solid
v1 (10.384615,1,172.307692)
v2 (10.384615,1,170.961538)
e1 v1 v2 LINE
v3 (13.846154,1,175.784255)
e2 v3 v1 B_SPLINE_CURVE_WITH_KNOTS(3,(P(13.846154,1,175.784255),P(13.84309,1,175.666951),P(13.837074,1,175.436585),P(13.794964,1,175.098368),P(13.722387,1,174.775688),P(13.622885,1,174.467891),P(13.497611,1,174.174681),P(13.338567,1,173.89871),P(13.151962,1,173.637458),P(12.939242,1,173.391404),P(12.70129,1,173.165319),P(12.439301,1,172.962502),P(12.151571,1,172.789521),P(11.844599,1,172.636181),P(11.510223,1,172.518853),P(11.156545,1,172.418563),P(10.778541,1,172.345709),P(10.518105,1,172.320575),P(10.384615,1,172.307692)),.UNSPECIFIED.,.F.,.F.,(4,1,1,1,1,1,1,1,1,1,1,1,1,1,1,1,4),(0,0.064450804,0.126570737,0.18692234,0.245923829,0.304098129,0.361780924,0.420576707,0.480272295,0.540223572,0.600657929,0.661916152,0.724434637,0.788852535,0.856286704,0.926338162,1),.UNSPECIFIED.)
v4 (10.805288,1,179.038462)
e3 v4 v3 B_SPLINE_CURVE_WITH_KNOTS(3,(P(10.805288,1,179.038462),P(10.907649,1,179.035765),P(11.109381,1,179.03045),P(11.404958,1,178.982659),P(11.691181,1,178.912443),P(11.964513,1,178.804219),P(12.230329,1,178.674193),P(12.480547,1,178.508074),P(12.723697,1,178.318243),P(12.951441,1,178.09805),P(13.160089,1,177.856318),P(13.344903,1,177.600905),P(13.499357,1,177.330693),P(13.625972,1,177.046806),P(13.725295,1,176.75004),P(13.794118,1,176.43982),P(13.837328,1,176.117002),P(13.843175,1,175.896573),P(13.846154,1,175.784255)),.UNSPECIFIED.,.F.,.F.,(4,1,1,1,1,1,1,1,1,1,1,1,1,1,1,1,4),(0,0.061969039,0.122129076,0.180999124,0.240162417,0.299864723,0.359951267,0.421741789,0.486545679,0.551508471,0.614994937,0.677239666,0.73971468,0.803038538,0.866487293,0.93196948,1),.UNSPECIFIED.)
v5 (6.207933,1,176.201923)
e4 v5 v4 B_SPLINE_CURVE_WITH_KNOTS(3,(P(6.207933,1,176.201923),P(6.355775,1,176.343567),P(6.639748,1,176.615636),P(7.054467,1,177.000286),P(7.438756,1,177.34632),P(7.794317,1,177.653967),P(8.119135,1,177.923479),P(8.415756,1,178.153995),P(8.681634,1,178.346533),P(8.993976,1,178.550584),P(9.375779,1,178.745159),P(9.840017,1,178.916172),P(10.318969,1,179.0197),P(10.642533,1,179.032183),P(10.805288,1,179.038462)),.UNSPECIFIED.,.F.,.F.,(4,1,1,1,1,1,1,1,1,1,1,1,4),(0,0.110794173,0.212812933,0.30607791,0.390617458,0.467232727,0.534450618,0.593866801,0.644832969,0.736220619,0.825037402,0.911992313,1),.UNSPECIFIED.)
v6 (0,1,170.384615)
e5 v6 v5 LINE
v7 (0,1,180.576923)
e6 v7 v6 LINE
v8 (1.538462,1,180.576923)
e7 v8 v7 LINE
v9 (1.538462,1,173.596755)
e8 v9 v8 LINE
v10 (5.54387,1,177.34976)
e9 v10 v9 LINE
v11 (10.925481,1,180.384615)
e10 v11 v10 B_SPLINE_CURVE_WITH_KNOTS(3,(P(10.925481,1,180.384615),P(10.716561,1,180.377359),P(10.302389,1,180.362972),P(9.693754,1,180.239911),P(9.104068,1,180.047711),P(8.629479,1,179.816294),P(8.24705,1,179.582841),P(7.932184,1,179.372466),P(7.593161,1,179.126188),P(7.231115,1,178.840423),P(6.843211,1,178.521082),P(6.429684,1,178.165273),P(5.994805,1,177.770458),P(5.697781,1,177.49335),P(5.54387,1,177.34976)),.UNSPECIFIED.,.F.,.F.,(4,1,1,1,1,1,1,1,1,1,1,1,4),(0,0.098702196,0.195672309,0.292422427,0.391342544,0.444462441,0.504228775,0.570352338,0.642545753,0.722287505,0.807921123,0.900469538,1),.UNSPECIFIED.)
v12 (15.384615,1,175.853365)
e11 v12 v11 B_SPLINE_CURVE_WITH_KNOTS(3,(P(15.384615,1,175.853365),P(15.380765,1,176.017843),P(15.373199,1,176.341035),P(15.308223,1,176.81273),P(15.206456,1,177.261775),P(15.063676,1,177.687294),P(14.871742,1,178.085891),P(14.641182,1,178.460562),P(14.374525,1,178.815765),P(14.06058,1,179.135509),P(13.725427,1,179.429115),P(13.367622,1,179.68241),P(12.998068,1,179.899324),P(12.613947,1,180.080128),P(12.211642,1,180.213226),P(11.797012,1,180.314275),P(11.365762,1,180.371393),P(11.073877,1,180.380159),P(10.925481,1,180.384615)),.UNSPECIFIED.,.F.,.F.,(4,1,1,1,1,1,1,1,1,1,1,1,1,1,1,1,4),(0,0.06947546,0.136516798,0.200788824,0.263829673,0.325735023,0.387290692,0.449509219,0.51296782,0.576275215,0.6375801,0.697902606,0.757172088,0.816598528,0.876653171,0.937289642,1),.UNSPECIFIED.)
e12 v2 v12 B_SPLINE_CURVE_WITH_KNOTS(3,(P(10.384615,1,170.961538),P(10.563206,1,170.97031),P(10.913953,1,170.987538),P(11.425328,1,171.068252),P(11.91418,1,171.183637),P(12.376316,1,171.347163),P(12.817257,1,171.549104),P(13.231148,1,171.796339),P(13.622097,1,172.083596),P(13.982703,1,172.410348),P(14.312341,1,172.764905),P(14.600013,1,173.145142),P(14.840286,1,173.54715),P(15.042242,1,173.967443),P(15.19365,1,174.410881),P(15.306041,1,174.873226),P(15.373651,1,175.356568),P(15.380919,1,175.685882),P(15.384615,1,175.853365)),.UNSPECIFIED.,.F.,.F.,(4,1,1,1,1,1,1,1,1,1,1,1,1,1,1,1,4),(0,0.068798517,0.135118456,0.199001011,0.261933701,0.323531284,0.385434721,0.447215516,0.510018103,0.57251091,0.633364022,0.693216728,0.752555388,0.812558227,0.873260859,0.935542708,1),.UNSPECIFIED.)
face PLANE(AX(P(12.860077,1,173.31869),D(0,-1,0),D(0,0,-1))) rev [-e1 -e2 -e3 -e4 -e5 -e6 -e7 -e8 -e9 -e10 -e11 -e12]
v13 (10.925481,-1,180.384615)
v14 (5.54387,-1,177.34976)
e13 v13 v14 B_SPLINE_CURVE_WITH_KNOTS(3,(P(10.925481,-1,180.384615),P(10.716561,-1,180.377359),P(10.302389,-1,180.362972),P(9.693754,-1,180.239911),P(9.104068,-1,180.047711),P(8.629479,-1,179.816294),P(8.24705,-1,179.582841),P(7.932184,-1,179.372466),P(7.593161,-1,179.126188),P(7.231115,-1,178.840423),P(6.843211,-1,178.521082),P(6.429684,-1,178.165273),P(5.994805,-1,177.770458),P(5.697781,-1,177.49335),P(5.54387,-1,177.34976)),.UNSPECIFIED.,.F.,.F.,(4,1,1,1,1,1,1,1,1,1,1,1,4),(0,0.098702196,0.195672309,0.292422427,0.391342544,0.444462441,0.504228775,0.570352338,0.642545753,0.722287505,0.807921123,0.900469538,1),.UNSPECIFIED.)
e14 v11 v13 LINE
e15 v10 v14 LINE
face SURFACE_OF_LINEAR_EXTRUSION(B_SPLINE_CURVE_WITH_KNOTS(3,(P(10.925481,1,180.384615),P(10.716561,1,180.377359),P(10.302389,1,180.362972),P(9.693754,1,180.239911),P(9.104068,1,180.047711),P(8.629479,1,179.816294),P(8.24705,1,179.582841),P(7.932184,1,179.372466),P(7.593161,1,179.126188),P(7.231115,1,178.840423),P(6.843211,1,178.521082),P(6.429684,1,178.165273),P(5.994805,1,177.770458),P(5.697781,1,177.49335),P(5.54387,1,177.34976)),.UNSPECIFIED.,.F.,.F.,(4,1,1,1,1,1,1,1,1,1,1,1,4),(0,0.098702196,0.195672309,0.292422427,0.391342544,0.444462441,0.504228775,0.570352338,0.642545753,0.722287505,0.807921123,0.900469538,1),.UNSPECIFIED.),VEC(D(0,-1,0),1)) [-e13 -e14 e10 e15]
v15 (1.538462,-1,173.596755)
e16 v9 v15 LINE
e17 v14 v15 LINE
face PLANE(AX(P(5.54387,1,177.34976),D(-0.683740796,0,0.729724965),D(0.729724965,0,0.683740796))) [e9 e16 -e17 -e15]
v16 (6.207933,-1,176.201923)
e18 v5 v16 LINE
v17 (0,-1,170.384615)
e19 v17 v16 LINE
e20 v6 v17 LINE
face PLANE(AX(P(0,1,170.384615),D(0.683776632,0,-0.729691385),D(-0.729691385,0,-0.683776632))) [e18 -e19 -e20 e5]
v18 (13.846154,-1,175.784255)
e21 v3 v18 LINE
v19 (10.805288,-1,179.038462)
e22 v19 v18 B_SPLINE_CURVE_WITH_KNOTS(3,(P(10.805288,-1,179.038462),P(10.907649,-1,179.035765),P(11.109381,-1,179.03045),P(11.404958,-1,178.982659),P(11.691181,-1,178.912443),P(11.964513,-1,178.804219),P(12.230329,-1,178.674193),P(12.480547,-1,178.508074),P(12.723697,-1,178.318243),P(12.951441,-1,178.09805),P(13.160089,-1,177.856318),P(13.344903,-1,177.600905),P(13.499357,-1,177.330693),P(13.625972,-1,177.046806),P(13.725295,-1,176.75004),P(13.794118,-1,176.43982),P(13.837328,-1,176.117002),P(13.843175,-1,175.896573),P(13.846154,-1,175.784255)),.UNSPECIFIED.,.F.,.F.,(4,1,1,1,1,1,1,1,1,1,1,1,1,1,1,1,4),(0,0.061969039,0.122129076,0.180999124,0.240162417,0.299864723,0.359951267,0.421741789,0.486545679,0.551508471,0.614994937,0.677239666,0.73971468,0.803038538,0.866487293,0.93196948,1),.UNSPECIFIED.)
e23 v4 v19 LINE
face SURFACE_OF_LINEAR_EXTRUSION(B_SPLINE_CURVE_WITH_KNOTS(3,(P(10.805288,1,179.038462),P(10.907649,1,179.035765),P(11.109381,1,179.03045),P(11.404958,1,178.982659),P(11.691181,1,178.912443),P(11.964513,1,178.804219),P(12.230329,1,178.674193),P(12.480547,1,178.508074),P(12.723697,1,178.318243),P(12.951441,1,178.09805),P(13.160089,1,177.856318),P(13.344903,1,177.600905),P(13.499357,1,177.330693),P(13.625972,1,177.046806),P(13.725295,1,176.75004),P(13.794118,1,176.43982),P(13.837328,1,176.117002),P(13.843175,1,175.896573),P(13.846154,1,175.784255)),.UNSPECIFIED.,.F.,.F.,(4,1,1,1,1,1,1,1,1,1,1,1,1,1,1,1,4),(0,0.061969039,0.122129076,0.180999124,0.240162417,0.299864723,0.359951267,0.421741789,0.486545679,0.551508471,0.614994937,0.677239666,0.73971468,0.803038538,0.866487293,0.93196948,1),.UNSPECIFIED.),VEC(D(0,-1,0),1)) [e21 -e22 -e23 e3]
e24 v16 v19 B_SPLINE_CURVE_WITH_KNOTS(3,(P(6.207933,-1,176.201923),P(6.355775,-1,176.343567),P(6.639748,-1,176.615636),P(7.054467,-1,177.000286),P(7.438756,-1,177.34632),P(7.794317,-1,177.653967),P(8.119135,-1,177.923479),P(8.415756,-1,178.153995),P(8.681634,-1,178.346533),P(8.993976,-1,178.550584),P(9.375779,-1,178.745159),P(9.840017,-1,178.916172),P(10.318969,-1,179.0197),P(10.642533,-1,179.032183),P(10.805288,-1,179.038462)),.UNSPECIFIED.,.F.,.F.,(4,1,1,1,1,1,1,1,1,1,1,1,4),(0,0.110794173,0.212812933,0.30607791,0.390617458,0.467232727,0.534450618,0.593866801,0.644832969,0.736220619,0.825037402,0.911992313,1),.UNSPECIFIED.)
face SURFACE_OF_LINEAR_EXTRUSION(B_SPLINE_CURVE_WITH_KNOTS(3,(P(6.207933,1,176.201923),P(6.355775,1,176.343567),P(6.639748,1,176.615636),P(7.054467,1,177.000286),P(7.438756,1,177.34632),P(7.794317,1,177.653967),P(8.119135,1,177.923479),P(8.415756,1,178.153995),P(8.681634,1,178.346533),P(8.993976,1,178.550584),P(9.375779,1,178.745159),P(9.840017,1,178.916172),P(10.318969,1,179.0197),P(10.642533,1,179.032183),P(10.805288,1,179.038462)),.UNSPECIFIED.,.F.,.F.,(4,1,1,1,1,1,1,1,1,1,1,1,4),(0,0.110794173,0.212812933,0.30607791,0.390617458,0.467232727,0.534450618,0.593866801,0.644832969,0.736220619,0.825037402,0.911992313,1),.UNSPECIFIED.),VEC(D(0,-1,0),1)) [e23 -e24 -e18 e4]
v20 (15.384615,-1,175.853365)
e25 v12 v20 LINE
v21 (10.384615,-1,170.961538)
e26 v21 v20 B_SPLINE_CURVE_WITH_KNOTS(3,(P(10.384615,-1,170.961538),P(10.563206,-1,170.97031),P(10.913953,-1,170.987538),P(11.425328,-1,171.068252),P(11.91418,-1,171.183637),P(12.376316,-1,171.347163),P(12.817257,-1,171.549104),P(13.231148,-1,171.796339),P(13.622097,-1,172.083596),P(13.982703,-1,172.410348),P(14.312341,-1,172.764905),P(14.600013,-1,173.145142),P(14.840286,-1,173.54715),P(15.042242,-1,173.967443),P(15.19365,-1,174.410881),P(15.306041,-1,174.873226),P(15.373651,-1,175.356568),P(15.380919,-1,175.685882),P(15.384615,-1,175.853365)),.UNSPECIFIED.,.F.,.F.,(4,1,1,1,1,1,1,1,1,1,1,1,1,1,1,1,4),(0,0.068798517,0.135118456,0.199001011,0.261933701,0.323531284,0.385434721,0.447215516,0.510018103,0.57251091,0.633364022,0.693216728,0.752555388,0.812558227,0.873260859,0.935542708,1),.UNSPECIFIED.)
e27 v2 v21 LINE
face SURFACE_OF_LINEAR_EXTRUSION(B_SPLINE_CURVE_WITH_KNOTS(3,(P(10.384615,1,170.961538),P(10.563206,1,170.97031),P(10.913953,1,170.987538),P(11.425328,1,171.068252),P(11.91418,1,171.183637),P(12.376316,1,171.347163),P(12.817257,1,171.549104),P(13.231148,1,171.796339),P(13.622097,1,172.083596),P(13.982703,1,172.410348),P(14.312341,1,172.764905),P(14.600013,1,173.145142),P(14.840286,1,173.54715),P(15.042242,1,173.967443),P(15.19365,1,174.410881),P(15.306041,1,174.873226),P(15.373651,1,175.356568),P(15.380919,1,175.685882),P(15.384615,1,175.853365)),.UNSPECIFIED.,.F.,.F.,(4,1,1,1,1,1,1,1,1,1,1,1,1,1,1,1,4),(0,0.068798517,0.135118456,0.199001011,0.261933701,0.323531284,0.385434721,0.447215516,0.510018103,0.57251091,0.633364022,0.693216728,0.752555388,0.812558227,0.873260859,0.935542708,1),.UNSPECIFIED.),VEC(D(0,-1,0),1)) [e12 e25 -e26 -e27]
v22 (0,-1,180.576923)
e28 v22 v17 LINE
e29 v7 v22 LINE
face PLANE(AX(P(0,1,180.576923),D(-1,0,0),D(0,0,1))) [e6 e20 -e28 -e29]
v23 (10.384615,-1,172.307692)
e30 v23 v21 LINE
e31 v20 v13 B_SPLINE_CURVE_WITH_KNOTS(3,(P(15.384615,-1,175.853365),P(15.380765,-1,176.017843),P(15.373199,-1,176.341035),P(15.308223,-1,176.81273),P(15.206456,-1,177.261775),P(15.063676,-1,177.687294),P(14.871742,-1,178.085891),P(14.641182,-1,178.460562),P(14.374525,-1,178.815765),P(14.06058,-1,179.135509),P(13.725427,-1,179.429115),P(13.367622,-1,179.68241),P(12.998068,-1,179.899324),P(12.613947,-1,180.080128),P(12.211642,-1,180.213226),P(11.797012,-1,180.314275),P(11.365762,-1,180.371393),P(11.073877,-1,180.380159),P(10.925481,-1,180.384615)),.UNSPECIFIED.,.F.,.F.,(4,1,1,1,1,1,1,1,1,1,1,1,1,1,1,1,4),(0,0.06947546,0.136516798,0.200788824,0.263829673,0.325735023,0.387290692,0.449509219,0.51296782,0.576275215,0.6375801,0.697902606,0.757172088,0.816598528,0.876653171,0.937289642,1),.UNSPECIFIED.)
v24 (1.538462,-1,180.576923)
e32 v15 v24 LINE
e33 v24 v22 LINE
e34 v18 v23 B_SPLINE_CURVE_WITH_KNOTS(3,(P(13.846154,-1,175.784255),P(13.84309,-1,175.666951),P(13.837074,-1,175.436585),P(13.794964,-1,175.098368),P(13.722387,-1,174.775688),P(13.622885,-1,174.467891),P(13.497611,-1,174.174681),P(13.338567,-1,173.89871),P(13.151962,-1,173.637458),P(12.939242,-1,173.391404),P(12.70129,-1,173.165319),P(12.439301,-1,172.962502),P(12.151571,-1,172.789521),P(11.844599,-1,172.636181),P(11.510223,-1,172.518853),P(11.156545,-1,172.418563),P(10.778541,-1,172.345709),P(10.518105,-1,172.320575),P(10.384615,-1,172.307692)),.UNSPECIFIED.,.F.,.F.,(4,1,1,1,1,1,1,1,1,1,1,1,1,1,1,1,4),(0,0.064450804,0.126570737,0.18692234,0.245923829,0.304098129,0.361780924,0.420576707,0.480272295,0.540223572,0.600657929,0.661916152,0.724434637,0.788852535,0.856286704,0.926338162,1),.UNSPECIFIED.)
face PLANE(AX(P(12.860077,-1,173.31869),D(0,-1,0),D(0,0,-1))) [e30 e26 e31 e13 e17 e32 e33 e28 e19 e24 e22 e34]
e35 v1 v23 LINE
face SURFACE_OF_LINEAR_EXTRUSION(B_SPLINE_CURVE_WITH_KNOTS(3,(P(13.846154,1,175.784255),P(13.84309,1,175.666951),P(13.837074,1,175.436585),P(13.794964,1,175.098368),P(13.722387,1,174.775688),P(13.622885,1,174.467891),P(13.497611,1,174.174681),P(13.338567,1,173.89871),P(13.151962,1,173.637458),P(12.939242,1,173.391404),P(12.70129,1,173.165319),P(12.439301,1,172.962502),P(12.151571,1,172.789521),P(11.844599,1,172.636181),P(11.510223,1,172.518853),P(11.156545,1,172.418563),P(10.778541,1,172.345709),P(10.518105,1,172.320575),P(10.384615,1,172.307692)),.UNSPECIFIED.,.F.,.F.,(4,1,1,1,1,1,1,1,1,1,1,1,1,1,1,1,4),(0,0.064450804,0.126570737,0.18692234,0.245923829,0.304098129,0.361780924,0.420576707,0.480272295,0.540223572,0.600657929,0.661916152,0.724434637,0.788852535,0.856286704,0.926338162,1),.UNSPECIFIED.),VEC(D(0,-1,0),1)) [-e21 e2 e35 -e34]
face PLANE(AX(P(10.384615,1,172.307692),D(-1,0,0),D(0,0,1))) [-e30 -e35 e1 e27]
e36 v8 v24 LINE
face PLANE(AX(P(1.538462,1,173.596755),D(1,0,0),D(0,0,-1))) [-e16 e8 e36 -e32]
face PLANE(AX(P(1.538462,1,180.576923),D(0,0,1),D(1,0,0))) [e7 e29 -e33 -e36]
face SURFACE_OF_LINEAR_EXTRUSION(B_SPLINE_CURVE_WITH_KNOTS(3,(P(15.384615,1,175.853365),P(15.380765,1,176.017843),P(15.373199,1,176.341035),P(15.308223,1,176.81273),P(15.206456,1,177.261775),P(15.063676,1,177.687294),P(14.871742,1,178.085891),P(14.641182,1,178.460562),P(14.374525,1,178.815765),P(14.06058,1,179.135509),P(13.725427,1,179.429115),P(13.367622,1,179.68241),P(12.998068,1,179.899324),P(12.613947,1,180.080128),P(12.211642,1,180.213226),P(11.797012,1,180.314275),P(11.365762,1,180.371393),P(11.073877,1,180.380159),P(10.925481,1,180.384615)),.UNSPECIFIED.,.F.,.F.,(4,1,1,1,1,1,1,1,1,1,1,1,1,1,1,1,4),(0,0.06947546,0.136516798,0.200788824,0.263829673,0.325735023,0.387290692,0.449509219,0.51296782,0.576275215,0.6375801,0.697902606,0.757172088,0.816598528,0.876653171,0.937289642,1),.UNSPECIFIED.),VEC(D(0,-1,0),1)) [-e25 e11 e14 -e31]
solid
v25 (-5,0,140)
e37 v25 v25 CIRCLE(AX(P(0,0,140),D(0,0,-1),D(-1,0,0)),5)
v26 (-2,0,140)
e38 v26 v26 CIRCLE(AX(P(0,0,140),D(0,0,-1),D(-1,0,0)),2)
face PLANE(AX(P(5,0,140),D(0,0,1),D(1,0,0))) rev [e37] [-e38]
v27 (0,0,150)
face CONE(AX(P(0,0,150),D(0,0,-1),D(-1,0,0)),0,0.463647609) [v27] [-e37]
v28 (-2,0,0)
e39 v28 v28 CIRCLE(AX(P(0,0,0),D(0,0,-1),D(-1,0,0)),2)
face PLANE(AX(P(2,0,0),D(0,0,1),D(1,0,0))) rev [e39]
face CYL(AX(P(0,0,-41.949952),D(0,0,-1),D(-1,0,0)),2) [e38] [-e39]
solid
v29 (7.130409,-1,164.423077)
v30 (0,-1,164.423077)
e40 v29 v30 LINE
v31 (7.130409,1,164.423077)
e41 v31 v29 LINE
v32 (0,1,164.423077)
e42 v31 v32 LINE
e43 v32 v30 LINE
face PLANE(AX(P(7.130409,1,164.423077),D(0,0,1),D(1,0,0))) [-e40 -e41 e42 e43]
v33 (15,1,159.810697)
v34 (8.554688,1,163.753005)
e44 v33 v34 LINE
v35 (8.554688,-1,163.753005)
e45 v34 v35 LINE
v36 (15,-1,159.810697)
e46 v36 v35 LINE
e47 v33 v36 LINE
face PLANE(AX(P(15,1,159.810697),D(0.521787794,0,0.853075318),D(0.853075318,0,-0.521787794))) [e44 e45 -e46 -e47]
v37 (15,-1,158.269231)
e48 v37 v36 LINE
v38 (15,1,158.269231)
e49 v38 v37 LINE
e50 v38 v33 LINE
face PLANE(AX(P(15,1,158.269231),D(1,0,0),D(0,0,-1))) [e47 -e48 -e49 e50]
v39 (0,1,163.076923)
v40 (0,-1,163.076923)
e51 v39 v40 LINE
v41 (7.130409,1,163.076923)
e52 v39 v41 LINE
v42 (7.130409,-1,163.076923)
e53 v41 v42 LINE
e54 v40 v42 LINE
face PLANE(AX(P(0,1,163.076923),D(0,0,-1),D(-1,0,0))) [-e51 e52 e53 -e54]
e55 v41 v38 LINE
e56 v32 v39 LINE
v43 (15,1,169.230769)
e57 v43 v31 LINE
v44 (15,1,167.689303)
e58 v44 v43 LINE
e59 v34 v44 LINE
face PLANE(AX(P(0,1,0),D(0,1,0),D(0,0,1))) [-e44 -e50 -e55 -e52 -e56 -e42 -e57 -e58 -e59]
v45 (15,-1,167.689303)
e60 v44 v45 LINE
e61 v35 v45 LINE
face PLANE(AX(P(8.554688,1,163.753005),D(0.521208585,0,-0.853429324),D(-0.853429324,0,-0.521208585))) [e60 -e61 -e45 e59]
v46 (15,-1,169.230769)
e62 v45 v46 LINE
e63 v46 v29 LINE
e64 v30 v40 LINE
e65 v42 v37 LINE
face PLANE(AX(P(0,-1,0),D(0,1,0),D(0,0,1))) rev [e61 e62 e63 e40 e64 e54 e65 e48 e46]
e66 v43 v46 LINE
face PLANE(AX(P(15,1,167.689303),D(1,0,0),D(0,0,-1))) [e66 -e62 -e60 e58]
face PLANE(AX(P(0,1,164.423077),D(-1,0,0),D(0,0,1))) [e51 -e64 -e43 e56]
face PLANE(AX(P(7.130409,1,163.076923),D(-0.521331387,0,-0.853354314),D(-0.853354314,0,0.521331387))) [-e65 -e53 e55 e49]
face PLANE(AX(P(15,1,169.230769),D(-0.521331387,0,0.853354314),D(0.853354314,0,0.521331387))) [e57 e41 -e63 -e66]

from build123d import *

# Parameters (mm, degrees)
BOSS_EXTRUDE1_DEPTH        = 1
BOSS_EXTRUDE1_DEPTH_BACK   = 1
BOSS_EXTRUDE1_2_DEPTH      = 1
BOSS_EXTRUDE1_2_DEPTH_BACK = 1


with BuildPart() as part:
    # Sketch2 → Revolve1 (revolve)
    with BuildSketch(Plane(origin=(0, 0, 0), x_dir=(1, 0, 0), z_dir=(0, 1, 0))):
        Polygon((0, -150), (5, -140), (2, -140), (2, 0), (0, 0), align=None)
    revolve(axis=Axis((0, 0, -41.949952025), (0, 0, 1)))


with BuildPart() as body_2:
    # Sketch3 → Boss-Extrude1 (new, two sides: drawn at the far end of the back side and taken through both)
    with BuildSketch(Plane(origin=(0, 0, 0), x_dir=(1, 0, 0), z_dir=(0, 1, 0)).offset(-BOSS_EXTRUDE1_DEPTH_BACK)):
        Polygon((15, -158.269230769), (15, -159.810697115), (8.5546875, -163.753004808), (15, -167.689302885), (15, -169.230769231), (7.130408654, -164.423076923), (0, -164.423076923), (0, -163.076923077), (7.130408654, -163.076923077), align=None)
    extrude(amount=BOSS_EXTRUDE1_DEPTH + BOSS_EXTRUDE1_DEPTH_BACK)


with BuildPart() as body_3:
    # Sketch3 → Boss-Extrude1 2 (new, two sides: drawn at the far end of the back side and taken through both)
    with BuildSketch(Plane(origin=(0, 0, 0), x_dir=(1, 0, 0), z_dir=(0, 1, 0)).offset(-BOSS_EXTRUDE1_2_DEPTH_BACK)):
        with BuildLine():
            Line((10.384615385, -172.307692308), (10.384615385, -170.961538462))
            add(Edge.make_bspline(
                [(10.384615385, -170.961538462), (10.563205784, -170.970310481), (10.913952575, -170.987538494), (11.425328289, -171.068252293), (11.914179653, -171.183636718), (12.376315664, -171.347163365), (12.817256926, -171.549104485), (13.231148249, -171.796338855), (13.622097454, -172.08359584), (13.982702577, -172.410348454), (14.312340745, -172.764905154), (14.600012522, -173.145141596), (14.840286171, -173.547149667), (15.042241714, -173.967442522), (15.193649809, -174.41088097), (15.306041475, -174.873226237), (15.373650782, -175.356568077), (15.380918932, -175.685882086), (15.384615385, -175.853365385)],
                knots=[0, 0, 0, 0, 1.100776268, 2.161895295, 3.184016182, 4.190939212, 5.176500551, 6.166955529, 7.155448256, 8.160289653, 9.16017456, 10.133824356, 11.091467644, 12.04088621, 13.000931625, 13.972173743, 14.968683325, 16, 16, 16, 16], degree=3))
            add(Edge.make_bspline(
                [(15.384615385, -175.853365385), (15.380764857, -176.017842845), (15.373198708, -176.341035179), (15.308222868, -176.812729527), (15.206456047, -177.261775075), (15.063675691, -177.687294074), (14.871742431, -178.085891494), (14.641181551, -178.460561685), (14.374525131, -178.815765159), (14.060580216, -179.135508518), (13.72542714, -179.429114572), (13.367621838, -179.682409951), (12.998067757, -179.899323508), (12.613946893, -180.080127851), (12.211642485, -180.213225589), (11.797011616, -180.314275052), (11.365762426, -180.371392539), (11.073877188, -180.38015864), (10.925480769, -180.384615385)],
                knots=[0, 0, 0, 0, 1.111607364, 2.184268762, 3.212621178, 4.221274766, 5.211760367, 6.196651075, 7.1921475, 8.207485113, 9.220403448, 10.201281604, 11.166441695, 12.114753415, 13.065576456, 14.026450734, 14.996634279, 16, 16, 16, 16], degree=3))
            add(Edge.make_bspline(
                [(10.925480769, -180.384615385), (10.716561478, -180.377358544), (10.302389134, -180.362972209), (9.693754008, -180.239910596), (9.104067926, -180.047711262), (8.629479489, -179.816294019), (8.24705023, -179.582840687), (7.932184351, -179.372465654), (7.593160915, -179.126187893), (7.231115184, -178.840422902), (6.843211305, -178.521082021), (6.42968361, -178.165272749), (5.994804597, -177.770457827), (5.697780591, -177.493349966), (5.543870192, -177.349759615)],
                knots=[0, 0, 0, 0, 1.184426356, 2.348067706, 3.509069118, 4.696110526, 5.333549288, 6.050745305, 6.844228056, 7.710549037, 8.667450064, 9.695053472, 10.805634456, 12, 12, 12, 12], degree=3))
            Line((5.543870192, -177.349759615), (1.538461538, -173.596754808))
            Line((1.538461538, -173.596754808), (1.538461538, -180.576923077))
            Line((1.538461538, -180.576923077), (0, -180.576923077))
            Line((0, -180.576923077), (0, -170.384615385))
            Line((0, -170.384615385), (6.207932692, -176.201923077))
            add(Edge.make_bspline(
                [(6.207932692, -176.201923077), (6.355774514, -176.343566905), (6.639748395, -176.615635711), (7.054467176, -177.000286256), (7.438755758, -177.346320011), (7.794317016, -177.653966516), (8.119135251, -177.923478904), (8.415755986, -178.153994855), (8.681633708, -178.346533206), (8.993975739, -178.550583737), (9.37577944, -178.745159458), (9.840016559, -178.916171607), (10.318969101, -179.019700036), (10.642533031, -179.032182668), (10.805288462, -179.038461538)],
                knots=[0, 0, 0, 0, 1.329530082, 2.553755191, 3.672934919, 4.687409497, 5.60679272, 6.413407421, 7.126401618, 7.737995624, 8.834647426, 9.90044882, 10.943907757, 12, 12, 12, 12], degree=3))
            add(Edge.make_bspline(
                [(10.805288462, -179.038461538), (10.907648622, -179.035764916), (11.109380842, -179.03045039), (11.404957531, -178.982658693), (11.691181234, -178.912443205), (11.964512999, -178.804219447), (12.230328736, -178.674192586), (12.480546816, -178.508073683), (12.723696572, -178.3182434), (12.951440602, -178.098049582), (13.160089498, -177.856317685), (13.344903048, -177.600905463), (13.499357413, -177.330692896), (13.625972124, -177.046806078), (13.725295262, -176.750039938), (13.794117725, -176.439819559), (13.837328376, -176.117002358), (13.843174826, -175.896573089), (13.846153846, -175.784254808)],
                knots=[0, 0, 0, 0, 0.991504627, 1.954065223, 2.895985987, 3.842598665, 4.797835564, 5.759220273, 6.74786863, 7.784730864, 8.824135544, 9.839918996, 10.835834653, 11.835434876, 12.84861661, 13.863796685, 14.911511676, 16, 16, 16, 16], degree=3))
            add(Edge.make_bspline(
                [(13.846153846, -175.784254808), (13.843090349, -175.666950718), (13.837074146, -175.436584855), (13.794963866, -175.098367814), (13.722386696, -174.775687596), (13.622884934, -174.467891001), (13.497611426, -174.174681471), (13.338567276, -173.898710207), (13.151962153, -173.637457681), (12.9392425, -173.391403722), (12.701290357, -173.165318738), (12.439301355, -172.962502138), (12.151571288, -172.789521018), (11.84459911, -172.63618104), (11.510222814, -172.518853263), (11.156545105, -172.418562608), (10.778541069, -172.345708862), (10.518104848, -172.320574965), (10.384615385, -172.307692308)],
                knots=[0, 0, 0, 0, 1.031212865, 2.025131798, 2.990757446, 3.934781266, 4.865570067, 5.788494791, 6.729227313, 7.684356718, 8.643577152, 9.610526866, 10.590658432, 11.59095419, 12.621640561, 13.700587263, 14.82141059, 16, 16, 16, 16], degree=3))
        make_face()
    extrude(amount=BOSS_EXTRUDE1_2_DEPTH + BOSS_EXTRUDE1_2_DEPTH_BACK)


solid = Compound([part.part, body_2.part, body_3.part])
